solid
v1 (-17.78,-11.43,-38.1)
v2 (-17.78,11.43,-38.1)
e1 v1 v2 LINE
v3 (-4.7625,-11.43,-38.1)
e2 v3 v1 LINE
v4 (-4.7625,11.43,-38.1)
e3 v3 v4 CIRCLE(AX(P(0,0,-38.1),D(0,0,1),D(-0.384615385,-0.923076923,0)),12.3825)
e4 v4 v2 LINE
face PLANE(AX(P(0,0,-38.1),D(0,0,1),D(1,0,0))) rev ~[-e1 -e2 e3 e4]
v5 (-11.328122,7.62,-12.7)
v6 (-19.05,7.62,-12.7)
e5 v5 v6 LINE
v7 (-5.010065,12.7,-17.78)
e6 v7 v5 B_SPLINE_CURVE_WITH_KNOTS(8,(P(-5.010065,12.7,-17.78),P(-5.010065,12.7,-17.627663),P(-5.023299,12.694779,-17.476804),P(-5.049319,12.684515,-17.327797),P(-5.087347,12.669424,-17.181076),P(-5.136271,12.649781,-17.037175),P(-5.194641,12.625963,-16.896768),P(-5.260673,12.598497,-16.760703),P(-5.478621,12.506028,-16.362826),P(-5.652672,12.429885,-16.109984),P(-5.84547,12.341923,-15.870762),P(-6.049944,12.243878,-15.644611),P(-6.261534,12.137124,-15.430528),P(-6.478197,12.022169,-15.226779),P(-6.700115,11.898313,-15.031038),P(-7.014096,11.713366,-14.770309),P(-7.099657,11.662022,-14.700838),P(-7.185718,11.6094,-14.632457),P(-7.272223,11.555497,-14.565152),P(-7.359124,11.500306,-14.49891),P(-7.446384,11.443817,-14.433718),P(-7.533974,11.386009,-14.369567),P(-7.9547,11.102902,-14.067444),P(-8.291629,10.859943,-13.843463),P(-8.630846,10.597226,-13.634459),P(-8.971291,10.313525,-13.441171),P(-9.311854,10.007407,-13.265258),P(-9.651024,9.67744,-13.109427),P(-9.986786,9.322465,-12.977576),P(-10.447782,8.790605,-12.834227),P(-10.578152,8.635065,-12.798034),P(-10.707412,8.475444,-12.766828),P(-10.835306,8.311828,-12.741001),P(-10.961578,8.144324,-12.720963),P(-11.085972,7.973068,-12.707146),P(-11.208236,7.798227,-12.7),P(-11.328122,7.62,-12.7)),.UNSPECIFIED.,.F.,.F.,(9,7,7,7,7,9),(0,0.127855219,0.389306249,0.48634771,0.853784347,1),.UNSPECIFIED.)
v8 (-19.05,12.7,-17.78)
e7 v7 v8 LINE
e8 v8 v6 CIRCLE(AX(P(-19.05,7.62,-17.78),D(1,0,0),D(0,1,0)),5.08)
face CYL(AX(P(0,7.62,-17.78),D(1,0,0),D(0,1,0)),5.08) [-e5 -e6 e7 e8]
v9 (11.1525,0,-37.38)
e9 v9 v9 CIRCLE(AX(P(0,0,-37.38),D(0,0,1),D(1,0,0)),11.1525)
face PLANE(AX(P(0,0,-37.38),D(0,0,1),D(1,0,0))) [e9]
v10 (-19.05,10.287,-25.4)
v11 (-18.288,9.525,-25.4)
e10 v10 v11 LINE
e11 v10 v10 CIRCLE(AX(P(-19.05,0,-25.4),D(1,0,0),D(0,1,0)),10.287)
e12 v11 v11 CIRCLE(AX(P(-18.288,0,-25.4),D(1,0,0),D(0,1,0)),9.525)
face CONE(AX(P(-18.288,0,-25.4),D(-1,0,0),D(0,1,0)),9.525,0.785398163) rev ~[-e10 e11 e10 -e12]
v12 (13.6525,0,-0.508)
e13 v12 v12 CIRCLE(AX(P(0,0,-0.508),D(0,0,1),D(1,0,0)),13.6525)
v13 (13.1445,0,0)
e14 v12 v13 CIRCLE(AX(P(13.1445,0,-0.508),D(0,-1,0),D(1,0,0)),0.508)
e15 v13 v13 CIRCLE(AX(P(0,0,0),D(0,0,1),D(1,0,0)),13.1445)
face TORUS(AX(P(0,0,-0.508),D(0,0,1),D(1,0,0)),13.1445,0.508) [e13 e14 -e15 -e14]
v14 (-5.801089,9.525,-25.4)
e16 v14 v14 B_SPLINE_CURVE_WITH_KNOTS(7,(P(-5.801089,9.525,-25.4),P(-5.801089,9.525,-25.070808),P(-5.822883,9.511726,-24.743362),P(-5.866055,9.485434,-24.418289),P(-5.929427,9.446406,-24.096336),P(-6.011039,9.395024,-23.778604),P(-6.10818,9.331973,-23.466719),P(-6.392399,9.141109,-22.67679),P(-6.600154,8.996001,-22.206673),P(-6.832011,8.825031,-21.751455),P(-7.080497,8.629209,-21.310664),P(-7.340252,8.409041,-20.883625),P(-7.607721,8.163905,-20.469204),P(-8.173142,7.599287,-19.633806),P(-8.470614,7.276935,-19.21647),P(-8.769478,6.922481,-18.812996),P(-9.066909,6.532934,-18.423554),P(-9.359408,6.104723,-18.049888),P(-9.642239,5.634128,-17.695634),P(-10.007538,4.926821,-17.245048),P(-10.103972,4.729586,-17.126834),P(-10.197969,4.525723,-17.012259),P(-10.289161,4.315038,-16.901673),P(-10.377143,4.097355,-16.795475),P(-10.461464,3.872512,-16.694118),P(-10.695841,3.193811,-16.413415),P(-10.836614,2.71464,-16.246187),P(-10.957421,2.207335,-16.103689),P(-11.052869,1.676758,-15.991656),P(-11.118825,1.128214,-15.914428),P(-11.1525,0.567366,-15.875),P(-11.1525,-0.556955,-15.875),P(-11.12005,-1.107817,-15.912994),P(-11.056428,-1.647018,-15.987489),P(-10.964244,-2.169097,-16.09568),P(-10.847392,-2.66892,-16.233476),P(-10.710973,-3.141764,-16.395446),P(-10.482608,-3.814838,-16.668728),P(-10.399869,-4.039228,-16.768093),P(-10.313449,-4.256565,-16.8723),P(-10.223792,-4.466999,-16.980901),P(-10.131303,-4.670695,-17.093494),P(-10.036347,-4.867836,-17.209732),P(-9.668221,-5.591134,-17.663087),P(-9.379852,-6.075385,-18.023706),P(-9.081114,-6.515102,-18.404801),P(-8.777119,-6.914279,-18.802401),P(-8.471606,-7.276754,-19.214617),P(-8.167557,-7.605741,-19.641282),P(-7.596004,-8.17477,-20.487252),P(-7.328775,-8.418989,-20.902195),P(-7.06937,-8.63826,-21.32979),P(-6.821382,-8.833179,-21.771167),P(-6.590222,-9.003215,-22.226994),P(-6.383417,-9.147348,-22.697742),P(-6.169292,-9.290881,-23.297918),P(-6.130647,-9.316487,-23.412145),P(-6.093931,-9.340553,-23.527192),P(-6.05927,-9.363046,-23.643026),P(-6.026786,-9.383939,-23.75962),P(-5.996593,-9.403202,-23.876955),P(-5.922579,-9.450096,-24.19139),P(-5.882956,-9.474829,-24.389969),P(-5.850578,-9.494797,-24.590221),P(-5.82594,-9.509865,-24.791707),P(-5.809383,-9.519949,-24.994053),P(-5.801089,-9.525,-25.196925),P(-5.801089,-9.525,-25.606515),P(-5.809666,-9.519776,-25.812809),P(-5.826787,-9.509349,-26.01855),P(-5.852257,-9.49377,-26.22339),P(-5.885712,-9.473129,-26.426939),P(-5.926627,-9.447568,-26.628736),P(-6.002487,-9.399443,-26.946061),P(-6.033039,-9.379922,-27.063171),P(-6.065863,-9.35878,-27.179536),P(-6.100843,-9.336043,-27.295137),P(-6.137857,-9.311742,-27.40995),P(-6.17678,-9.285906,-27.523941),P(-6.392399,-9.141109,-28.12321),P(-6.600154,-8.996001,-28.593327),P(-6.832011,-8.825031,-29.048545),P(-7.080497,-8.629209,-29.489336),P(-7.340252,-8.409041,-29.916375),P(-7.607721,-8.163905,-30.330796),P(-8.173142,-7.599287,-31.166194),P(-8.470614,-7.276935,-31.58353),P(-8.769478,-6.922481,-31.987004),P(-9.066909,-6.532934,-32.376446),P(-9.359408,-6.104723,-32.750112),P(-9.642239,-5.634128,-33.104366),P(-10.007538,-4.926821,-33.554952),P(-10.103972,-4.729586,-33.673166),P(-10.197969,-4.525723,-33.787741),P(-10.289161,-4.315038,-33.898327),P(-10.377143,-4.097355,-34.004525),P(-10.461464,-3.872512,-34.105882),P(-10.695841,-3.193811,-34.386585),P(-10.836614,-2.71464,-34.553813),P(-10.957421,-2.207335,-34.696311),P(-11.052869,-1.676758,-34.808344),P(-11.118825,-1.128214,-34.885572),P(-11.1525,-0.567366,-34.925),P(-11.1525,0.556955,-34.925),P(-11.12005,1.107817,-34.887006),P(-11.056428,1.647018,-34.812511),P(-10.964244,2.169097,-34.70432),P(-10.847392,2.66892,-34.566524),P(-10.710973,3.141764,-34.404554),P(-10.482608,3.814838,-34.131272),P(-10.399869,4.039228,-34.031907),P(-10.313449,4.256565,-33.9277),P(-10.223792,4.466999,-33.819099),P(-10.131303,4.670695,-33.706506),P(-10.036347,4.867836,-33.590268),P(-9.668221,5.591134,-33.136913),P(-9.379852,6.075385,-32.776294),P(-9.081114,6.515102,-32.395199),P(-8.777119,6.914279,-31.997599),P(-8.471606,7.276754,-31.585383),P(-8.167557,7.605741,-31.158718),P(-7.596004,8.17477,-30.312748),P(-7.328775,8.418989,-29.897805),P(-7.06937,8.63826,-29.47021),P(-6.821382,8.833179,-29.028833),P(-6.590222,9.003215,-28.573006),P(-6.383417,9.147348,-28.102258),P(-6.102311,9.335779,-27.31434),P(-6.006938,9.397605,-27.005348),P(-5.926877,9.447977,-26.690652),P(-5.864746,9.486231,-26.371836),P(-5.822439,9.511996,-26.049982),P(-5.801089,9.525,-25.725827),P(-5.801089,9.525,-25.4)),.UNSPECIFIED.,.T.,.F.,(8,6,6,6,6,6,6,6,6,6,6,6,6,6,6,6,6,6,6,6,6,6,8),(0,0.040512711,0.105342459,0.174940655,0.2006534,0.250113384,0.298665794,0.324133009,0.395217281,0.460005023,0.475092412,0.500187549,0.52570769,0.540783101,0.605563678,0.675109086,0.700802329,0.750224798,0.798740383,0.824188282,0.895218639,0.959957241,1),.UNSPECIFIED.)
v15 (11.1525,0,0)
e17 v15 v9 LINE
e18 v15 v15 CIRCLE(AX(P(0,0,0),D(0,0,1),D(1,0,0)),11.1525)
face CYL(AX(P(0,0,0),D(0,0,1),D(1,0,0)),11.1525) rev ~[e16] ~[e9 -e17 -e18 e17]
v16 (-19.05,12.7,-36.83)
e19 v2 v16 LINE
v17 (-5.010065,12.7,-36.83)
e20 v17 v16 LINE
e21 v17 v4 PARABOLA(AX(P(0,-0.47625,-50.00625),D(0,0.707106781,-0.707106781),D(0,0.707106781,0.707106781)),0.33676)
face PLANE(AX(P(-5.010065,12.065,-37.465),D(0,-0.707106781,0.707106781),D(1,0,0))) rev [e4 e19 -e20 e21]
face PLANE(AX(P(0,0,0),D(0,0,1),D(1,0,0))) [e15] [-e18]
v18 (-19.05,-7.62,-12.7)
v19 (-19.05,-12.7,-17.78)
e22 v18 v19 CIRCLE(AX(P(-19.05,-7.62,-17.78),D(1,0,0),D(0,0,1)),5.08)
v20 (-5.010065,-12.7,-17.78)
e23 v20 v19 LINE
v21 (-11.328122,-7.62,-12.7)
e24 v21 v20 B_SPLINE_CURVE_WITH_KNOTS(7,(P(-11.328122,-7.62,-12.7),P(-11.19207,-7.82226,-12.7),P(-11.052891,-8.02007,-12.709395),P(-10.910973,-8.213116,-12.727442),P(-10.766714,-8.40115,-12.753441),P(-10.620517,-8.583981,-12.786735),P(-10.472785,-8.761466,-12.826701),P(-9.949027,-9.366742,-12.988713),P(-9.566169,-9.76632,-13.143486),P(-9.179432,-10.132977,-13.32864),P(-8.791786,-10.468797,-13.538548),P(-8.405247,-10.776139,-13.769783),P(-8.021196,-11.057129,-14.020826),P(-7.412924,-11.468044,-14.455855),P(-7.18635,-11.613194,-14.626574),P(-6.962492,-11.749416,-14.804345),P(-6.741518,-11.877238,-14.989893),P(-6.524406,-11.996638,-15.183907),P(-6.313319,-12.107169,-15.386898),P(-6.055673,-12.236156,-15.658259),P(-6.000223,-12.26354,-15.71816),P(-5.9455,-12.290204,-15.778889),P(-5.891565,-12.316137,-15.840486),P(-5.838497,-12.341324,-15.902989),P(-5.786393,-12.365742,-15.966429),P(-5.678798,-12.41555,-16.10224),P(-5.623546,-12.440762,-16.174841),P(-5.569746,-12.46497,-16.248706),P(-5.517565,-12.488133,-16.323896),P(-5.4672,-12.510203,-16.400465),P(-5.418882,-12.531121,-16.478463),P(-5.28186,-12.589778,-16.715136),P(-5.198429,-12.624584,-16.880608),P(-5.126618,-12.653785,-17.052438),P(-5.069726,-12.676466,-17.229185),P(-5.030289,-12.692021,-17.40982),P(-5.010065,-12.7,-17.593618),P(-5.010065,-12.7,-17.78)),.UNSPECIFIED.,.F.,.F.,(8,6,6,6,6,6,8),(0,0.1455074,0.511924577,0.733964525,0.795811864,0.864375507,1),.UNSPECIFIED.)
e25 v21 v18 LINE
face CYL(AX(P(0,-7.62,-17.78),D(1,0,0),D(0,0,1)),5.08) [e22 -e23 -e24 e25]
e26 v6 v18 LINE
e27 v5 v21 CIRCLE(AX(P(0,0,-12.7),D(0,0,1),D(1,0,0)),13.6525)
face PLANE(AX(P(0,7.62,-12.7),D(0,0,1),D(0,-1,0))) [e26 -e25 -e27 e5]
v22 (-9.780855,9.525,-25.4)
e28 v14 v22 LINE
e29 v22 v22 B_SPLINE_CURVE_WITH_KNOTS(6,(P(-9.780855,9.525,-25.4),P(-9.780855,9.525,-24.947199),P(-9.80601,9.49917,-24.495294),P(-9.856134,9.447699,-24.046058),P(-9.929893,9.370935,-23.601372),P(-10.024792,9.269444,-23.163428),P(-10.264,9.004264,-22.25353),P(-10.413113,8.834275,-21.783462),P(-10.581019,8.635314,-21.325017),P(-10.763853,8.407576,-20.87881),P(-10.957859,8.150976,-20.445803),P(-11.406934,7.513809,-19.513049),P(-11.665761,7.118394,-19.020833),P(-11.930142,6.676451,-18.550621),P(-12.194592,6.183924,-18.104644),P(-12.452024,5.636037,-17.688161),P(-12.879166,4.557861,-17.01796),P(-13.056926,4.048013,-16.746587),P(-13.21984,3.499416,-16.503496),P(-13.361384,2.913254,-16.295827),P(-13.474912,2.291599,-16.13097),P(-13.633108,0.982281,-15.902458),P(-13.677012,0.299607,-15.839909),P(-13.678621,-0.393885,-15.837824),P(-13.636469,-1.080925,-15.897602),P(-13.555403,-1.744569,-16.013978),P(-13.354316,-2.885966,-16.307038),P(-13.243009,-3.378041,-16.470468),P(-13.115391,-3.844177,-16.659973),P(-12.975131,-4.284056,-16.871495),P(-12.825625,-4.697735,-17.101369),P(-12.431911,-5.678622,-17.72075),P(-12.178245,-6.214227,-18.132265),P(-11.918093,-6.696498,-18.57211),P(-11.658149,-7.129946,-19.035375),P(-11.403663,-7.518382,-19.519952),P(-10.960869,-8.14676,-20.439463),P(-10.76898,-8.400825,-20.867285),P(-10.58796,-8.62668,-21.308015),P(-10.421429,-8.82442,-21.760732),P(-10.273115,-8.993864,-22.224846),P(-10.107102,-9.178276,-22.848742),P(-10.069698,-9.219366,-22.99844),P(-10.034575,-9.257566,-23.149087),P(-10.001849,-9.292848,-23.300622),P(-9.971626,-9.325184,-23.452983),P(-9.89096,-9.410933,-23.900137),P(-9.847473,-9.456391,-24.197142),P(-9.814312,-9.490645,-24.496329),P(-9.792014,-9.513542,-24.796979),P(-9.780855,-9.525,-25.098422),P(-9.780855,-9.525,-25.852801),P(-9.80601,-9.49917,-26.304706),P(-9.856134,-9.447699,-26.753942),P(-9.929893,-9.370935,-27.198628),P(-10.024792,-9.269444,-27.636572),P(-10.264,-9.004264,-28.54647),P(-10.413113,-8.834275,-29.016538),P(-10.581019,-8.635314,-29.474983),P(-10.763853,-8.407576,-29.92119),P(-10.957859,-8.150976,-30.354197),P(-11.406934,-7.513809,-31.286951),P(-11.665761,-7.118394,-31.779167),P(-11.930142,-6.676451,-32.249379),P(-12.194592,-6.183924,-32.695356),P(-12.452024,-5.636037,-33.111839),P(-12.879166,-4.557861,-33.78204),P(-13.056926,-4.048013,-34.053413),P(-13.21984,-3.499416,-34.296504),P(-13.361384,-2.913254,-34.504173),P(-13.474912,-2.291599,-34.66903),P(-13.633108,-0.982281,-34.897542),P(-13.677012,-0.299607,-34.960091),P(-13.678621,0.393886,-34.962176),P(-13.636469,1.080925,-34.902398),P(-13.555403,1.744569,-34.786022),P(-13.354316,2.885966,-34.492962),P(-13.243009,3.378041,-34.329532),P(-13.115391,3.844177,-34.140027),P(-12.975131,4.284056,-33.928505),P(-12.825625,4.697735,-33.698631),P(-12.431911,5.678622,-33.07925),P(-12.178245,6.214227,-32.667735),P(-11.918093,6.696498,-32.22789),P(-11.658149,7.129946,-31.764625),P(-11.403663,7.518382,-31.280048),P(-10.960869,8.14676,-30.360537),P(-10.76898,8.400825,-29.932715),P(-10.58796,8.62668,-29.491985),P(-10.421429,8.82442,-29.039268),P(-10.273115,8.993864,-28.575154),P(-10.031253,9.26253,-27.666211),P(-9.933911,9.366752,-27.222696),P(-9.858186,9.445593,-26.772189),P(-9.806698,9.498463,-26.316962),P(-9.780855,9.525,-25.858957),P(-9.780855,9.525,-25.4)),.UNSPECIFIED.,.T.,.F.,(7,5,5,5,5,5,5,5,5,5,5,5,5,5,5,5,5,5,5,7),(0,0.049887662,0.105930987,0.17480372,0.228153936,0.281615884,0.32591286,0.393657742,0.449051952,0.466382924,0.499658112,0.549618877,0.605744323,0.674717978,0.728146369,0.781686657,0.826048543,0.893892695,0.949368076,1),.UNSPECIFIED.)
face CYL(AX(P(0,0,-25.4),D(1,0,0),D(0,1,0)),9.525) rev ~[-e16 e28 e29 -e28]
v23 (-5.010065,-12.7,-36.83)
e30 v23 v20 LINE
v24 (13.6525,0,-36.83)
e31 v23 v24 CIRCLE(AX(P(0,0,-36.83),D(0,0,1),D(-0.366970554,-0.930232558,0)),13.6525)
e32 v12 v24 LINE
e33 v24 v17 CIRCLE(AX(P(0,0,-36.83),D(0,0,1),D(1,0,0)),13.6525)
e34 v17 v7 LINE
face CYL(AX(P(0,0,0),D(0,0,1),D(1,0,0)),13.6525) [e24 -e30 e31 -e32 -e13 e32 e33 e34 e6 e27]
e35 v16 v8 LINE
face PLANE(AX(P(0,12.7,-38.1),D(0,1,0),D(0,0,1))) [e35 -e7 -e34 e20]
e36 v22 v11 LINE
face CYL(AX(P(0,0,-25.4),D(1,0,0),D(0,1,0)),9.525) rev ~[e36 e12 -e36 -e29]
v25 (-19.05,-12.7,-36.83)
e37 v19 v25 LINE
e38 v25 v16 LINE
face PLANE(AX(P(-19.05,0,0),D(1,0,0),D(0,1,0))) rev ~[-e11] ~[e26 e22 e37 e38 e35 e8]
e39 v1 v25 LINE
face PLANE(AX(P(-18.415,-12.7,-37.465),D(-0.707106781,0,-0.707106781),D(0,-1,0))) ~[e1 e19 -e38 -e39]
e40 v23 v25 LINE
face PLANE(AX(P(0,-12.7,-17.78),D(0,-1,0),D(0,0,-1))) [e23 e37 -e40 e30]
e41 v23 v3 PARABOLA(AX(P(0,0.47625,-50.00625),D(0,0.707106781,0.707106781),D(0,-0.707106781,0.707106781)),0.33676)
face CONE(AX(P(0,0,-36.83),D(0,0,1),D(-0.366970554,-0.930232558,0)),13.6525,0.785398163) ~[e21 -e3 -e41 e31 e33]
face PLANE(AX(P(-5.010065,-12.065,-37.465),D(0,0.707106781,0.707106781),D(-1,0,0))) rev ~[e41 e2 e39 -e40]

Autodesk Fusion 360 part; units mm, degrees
sketch "Sketch1" plane through (0, 0, 0) normal (0, 0, 1) x (1, 0, 0)
  circle A0 centre (0, 0) radius 13.7922 construction
  circle A1 centre (0, 0) radius 13.6525
  circle A2 centre (0, 0) radius 11.1525
  dimension "d1" = 27.5844
  dimension "d2" = 27.305
  dimension "d3" = 2.5
extrude "Extrude1" add sketch "Sketch1" against normal blind 38.1 contours A1 | A2
sketch "Sketch2" plane through (0, 0, 0) normal (1, 0, 0) x (0, 1, 0)
  line L0 (0, 0) -> (0, -39.2845) construction
  circle A0 centre (0, -25.4) radius 9.525
  line L1 (0, 0) -> (-28.4764, 0) construction
  circle A1 centre (0, -25.4) radius 12.7 construction
  line L2 (-13.6525, -38.1) -> (13.6525, -38.1) construction
  line L3 (-12.7, -38.1) -> (12.7, -38.1)
  line L4 (12.7, -38.1) -> (12.7, -17.78)
  line L5 (7.62, -12.7) -> (-7.62, -12.7)
  line L6 (-12.7, -17.78) -> (-12.7, -38.1)
  line L7 (-12.7, -38.1) -> (12.7, -12.7) construction
  line L8 (12.7, -38.1) -> (-12.7, -12.7) construction
  arc A2 (12.7, -17.78) -> (7.62, -12.7) centre (7.62, -17.78) ccw
  arc A3 (-7.62, -12.7) -> (-12.7, -17.78) centre (-7.62, -17.78) ccw
  point P0 (0, -25.4)
  dimension "d6" = 19.05
  dimension "d8" = 25.4
  dimension "d9" = 5.08
  dimension "d10" = 5.08
extrude "Extrude2" add sketch "Sketch2" against normal blind 19.05
extrude "Extrude3" cut sketch "Sketch2" against normal blind 34.8234 contours A0
extrude "Extrude4" cut sketch "Sketch1" against normal up to surface (37.38 mm away) contours A2
fillet "Fillet1" radius 0.508 1 edges at (-12.7286, -4.937, 0)
chamfer "Chamfer1" distance 1.27 angle 45 1 faces at (1.1599, 0.6789, -38.1)
chamfer "Chamfer2" distance 0.762 angle 45 1 edges at (-19.05, -8.8804, -28.8444)
